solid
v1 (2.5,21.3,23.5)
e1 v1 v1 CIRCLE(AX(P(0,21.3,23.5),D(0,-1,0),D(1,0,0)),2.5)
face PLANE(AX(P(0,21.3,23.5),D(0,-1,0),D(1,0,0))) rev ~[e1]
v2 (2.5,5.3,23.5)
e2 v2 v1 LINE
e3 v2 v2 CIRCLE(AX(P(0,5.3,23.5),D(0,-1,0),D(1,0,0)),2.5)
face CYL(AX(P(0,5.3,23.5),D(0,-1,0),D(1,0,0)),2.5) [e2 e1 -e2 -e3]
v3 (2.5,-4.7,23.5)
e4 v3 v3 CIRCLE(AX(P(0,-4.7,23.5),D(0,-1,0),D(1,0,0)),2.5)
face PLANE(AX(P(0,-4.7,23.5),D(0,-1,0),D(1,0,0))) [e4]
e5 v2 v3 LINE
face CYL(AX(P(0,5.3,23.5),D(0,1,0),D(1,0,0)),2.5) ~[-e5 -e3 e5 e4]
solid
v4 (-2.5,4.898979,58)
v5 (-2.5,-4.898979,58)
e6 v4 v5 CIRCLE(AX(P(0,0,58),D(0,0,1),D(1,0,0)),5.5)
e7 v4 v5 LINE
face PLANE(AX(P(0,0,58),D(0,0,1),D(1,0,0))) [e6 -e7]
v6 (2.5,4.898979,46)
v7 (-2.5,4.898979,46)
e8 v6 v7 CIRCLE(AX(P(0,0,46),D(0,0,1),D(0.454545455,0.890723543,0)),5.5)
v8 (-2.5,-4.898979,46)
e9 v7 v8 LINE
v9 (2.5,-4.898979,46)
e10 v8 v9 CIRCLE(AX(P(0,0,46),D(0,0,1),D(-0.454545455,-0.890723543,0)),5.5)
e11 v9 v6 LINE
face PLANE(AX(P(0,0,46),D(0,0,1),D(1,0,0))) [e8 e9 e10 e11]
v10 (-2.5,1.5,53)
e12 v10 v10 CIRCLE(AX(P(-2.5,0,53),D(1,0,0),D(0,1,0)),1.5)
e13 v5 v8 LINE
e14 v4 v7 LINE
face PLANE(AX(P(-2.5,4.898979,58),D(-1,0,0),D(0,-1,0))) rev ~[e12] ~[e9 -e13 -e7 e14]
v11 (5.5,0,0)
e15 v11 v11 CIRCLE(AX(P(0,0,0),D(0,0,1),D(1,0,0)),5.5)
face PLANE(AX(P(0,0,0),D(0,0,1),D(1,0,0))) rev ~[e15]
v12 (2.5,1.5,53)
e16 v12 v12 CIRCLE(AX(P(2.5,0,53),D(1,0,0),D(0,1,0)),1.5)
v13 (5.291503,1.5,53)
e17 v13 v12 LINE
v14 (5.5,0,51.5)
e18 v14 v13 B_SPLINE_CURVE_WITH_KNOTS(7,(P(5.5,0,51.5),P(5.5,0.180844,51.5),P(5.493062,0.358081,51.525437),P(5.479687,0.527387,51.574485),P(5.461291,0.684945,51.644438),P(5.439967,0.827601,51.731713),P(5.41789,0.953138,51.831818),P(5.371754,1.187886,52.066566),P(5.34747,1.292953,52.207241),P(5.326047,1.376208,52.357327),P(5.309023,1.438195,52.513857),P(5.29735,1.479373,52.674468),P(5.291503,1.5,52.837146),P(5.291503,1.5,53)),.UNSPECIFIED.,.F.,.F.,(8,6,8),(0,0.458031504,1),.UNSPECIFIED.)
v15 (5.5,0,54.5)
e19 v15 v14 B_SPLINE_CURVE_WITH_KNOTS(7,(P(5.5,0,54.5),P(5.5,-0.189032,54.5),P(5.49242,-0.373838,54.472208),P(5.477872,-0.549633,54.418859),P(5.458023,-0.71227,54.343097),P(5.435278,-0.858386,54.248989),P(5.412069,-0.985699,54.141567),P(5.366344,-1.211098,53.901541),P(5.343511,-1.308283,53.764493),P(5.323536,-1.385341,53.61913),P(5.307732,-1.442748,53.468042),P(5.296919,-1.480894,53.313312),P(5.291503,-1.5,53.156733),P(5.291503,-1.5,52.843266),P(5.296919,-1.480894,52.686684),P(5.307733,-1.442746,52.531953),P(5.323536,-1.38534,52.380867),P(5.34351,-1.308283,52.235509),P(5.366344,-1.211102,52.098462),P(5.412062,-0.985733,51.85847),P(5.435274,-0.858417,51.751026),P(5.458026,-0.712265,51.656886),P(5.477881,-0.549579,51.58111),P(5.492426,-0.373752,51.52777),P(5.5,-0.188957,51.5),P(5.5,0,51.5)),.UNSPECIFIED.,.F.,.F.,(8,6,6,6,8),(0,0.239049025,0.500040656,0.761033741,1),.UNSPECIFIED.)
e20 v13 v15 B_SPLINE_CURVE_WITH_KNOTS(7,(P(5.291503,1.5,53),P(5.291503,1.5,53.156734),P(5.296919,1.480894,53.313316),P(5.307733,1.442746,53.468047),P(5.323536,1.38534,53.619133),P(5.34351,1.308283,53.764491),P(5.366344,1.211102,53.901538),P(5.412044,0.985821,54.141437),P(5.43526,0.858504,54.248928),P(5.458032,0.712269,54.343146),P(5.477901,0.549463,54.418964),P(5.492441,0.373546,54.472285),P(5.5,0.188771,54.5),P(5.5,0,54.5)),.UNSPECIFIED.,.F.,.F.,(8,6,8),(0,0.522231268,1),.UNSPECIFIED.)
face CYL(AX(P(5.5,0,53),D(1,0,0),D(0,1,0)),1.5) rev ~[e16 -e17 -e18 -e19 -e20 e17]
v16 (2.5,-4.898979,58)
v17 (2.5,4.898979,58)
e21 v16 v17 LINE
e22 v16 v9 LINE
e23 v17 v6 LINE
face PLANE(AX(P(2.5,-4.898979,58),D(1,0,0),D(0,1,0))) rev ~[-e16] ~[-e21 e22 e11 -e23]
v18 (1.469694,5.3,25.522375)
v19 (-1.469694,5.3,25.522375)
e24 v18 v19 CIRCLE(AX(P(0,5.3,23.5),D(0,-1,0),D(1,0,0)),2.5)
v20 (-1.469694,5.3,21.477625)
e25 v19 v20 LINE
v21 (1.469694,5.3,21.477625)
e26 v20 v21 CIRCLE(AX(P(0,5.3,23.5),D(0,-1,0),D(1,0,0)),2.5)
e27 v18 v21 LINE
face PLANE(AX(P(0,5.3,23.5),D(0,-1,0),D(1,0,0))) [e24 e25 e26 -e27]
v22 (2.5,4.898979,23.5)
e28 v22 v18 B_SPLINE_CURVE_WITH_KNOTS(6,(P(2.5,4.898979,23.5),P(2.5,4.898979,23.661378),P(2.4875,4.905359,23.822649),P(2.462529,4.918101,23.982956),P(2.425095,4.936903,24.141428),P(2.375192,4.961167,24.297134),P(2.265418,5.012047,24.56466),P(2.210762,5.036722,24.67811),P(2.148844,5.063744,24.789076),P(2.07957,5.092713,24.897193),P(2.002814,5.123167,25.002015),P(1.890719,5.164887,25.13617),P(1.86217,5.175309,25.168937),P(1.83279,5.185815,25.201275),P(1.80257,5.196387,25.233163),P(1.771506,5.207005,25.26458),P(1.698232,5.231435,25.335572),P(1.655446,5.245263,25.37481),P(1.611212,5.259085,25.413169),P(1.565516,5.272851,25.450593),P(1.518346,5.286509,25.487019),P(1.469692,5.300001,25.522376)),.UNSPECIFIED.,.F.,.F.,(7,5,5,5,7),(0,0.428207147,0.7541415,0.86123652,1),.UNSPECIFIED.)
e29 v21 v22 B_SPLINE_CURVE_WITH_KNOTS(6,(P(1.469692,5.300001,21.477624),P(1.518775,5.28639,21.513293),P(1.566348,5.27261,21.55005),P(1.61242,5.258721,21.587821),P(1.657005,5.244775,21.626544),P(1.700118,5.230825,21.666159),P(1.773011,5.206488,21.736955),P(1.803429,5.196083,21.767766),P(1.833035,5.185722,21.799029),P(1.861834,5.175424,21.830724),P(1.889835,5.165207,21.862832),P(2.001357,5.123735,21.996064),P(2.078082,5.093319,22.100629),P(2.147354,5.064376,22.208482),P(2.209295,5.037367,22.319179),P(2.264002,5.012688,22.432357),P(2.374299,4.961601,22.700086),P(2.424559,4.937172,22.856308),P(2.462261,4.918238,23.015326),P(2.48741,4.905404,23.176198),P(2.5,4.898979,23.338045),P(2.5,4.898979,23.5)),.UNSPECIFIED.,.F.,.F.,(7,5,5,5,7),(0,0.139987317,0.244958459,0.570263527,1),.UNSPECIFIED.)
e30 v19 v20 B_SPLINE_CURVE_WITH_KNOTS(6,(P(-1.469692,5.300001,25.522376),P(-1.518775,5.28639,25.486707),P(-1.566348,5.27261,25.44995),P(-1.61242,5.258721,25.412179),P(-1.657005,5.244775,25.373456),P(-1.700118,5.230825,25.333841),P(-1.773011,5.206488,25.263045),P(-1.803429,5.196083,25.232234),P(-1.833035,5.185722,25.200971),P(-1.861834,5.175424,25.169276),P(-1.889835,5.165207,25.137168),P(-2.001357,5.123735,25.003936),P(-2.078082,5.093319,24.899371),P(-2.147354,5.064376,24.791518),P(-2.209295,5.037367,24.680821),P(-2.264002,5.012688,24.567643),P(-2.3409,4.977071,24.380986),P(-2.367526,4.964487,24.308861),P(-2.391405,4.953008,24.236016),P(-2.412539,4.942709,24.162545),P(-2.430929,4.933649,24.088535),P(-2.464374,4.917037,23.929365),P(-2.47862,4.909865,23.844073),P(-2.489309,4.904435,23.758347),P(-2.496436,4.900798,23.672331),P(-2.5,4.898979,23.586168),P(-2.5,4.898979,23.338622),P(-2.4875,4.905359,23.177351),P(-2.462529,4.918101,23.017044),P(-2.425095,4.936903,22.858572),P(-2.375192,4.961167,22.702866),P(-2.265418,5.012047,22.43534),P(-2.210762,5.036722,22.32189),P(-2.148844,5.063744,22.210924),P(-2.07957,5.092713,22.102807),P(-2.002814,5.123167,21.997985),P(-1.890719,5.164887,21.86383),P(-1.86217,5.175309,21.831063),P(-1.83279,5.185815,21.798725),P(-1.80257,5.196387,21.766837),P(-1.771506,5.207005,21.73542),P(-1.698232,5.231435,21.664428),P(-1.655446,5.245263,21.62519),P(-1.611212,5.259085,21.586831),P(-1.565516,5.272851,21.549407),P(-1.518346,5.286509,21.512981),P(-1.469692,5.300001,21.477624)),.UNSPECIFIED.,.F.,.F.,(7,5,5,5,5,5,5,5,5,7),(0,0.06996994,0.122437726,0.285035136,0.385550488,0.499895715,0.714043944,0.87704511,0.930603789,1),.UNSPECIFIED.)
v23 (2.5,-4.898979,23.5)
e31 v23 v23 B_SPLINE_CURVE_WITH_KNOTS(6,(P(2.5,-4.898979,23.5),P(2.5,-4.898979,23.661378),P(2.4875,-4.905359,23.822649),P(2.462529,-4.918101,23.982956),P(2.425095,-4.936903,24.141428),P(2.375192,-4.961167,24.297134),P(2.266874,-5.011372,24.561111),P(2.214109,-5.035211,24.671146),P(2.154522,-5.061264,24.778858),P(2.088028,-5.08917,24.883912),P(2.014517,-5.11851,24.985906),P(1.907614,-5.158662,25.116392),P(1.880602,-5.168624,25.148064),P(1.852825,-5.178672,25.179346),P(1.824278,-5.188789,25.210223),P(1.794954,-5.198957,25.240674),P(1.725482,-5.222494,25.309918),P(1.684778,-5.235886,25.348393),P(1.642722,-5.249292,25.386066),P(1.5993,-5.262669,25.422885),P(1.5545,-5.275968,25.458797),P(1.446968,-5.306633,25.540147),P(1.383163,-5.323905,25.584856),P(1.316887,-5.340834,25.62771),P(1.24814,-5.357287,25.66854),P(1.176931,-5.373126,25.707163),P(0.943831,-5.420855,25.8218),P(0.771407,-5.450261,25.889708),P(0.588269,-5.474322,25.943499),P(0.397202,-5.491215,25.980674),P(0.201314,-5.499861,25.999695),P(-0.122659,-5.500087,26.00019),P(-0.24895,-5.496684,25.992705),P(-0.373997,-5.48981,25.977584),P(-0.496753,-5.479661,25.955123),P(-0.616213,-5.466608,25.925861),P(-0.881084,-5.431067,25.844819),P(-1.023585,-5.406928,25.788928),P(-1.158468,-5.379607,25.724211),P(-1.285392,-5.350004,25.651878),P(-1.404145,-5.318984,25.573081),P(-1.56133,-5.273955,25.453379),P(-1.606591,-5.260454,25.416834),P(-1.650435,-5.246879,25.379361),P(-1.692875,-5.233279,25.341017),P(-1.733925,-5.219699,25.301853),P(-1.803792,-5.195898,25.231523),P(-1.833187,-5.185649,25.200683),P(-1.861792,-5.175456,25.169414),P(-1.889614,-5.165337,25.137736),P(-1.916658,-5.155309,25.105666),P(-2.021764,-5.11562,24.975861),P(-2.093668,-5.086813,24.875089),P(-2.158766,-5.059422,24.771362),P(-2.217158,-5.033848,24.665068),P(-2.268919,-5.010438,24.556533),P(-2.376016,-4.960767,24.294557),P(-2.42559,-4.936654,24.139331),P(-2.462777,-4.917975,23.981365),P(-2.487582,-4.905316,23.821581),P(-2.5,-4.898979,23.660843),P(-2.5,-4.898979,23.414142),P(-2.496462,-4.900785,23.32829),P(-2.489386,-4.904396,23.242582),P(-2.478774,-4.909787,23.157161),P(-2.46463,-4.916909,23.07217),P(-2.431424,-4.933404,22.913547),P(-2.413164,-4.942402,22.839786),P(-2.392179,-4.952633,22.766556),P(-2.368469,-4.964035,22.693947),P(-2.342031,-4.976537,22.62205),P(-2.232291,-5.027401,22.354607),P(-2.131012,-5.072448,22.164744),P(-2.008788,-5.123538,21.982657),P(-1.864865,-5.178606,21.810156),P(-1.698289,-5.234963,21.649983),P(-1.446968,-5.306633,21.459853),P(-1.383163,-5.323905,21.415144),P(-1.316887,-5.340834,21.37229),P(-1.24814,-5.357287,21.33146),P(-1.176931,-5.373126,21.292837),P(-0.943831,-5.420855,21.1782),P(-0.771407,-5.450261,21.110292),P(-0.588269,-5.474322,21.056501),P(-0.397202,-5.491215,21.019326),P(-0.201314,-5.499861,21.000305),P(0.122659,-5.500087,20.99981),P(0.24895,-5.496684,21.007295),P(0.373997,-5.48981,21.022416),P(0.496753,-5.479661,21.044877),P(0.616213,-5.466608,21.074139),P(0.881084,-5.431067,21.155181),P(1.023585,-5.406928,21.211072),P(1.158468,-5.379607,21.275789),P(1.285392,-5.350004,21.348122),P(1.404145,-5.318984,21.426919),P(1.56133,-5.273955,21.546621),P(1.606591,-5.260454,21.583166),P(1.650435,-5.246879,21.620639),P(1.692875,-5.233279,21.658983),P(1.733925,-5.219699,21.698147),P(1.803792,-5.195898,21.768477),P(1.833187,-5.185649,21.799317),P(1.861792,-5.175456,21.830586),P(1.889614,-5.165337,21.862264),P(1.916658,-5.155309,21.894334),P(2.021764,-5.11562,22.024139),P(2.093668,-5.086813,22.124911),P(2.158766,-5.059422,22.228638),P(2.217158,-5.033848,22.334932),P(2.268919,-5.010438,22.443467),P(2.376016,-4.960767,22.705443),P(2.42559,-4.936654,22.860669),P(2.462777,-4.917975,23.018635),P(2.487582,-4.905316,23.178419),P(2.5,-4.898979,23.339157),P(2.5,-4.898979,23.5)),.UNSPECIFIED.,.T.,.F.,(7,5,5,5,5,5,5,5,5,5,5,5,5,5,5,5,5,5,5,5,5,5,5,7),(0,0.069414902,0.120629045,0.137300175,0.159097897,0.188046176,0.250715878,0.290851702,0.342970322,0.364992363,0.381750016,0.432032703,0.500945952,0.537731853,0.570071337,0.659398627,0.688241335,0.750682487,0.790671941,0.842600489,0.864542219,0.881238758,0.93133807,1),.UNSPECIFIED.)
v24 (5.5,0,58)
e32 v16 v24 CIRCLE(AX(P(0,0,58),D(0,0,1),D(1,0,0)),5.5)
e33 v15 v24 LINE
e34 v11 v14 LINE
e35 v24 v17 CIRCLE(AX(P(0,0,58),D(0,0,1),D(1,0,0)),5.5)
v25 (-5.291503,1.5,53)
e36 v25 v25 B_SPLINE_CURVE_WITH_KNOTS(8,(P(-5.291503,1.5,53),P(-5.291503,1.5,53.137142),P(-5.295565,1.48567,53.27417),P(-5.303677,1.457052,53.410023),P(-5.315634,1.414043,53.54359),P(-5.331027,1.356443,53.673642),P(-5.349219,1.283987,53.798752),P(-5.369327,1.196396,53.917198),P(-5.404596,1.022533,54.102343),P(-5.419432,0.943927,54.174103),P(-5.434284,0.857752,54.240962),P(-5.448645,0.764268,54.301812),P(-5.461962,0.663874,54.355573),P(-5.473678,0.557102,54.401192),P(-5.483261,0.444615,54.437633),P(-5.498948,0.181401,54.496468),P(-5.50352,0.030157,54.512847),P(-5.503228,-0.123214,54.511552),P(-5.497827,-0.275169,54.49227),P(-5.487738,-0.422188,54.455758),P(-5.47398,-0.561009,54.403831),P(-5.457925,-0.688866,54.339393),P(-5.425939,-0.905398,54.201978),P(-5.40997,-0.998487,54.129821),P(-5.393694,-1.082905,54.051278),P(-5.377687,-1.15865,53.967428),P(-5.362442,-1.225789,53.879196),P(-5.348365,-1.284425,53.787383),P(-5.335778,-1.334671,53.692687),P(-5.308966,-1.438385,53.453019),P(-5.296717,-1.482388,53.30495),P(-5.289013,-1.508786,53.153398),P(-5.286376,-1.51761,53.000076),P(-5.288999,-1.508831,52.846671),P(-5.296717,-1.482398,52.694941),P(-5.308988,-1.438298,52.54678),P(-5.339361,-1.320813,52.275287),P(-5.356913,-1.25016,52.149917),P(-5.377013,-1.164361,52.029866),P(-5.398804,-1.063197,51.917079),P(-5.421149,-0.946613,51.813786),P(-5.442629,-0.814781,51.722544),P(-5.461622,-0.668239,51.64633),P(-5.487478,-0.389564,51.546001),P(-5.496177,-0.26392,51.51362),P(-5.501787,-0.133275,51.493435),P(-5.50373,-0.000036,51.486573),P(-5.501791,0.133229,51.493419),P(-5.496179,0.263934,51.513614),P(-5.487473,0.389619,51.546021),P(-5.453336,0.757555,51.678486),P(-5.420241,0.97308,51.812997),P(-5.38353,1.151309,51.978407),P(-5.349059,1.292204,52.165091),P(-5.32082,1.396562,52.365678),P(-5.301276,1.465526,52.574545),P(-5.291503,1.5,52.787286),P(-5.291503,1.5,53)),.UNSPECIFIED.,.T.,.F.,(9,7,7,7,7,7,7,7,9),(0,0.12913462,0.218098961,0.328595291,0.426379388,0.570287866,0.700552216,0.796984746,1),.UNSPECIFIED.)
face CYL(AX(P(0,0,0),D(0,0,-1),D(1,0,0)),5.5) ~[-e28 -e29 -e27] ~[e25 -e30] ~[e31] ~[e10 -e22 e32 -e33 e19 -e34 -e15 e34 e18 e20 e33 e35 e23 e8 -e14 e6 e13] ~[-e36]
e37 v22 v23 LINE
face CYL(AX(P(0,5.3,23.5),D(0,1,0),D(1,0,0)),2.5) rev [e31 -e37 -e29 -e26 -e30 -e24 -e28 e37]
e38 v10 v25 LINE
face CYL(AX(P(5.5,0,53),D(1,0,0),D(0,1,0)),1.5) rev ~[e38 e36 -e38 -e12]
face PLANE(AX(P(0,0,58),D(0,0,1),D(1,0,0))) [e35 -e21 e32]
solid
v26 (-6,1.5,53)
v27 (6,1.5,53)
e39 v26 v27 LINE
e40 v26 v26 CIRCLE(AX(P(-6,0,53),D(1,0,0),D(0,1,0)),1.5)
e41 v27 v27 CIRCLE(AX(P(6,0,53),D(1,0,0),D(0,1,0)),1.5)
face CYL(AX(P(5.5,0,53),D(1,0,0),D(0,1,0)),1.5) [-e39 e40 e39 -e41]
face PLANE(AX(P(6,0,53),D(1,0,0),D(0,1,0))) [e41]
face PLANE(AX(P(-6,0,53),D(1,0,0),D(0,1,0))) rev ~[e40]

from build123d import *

# Parameters (mm, degrees)
F0_R           = 5.5
F1_DEPTH       = 58
F3_DEPTH       = 12
F5_R           = 1.5
F6_DEPTH       = 11.001
F7_DEPTH       = 0.5
F7_DEPTH_BACK  = 11.5
F9_R           = 2.5
F10_DEPTH      = 10.8010001
F11_DEPTH      = 16
F11_DEPTH_BACK = 10


with BuildPart() as f1:
    # F0 (on Top) → F1 (new body)
    with BuildSketch(Plane.XY):
        Circle(F0_R)
    extrude(amount=F1_DEPTH)

    # F2 (on face) → F3 (cut)
    with BuildSketch(Plane.XY.offset(58)):
        with BuildLine():
            ThreePointArc((2.5, 4.8989794856), (0, 5.5), (-2.5, 4.8989794856))
            Line((-2.5, 4.8989794856), (-2.5, -4.8989794856))
            ThreePointArc((-2.5, -4.8989794856), (0, -5.5), (2.5, -4.8989794856))
            Line((2.5, -4.8989794856), (2.5, 4.8989794856))
        make_face()
    extrude(amount=-F3_DEPTH, mode=Mode.SUBTRACT)

    # F5 (on offset) → F6 (cut, through all)
    with BuildSketch(Plane.YZ.offset(5.5)):
        with Locations((0, 53)):
            Circle(F5_R)
    extrude(amount=-F6_DEPTH, mode=Mode.SUBTRACT)

    # F9 (on offset) → F10 (cut, through all)
    with BuildSketch(Plane.XZ.offset(-5.3)):
        with Locations((0, 23.5)):
            Circle(F9_R)
    extrude(amount=F10_DEPTH, mode=Mode.SUBTRACT)


with BuildPart() as f7:
    # F5 (on offset) → F7 (new body, two sides)
    with BuildSketch(Plane.YZ.offset(5.5)) as f7_sk:
        with Locations((0, 53)):
            Circle(F5_R)
    extrude(amount=F7_DEPTH)
    extrude(f7_sk.sketch, amount=-F7_DEPTH_BACK)


with BuildPart() as f11:
    # F9 (on offset) → F11 (new body, two sides)
    with BuildSketch(Plane.XZ.offset(-5.3)) as f11_sk:
        with Locations((0, 23.5)):
            Circle(F9_R)
    extrude(amount=-F11_DEPTH)
    extrude(f11_sk.sketch, amount=F11_DEPTH_BACK)


solid = Compound([f1.part, f7.part, f11.part])
